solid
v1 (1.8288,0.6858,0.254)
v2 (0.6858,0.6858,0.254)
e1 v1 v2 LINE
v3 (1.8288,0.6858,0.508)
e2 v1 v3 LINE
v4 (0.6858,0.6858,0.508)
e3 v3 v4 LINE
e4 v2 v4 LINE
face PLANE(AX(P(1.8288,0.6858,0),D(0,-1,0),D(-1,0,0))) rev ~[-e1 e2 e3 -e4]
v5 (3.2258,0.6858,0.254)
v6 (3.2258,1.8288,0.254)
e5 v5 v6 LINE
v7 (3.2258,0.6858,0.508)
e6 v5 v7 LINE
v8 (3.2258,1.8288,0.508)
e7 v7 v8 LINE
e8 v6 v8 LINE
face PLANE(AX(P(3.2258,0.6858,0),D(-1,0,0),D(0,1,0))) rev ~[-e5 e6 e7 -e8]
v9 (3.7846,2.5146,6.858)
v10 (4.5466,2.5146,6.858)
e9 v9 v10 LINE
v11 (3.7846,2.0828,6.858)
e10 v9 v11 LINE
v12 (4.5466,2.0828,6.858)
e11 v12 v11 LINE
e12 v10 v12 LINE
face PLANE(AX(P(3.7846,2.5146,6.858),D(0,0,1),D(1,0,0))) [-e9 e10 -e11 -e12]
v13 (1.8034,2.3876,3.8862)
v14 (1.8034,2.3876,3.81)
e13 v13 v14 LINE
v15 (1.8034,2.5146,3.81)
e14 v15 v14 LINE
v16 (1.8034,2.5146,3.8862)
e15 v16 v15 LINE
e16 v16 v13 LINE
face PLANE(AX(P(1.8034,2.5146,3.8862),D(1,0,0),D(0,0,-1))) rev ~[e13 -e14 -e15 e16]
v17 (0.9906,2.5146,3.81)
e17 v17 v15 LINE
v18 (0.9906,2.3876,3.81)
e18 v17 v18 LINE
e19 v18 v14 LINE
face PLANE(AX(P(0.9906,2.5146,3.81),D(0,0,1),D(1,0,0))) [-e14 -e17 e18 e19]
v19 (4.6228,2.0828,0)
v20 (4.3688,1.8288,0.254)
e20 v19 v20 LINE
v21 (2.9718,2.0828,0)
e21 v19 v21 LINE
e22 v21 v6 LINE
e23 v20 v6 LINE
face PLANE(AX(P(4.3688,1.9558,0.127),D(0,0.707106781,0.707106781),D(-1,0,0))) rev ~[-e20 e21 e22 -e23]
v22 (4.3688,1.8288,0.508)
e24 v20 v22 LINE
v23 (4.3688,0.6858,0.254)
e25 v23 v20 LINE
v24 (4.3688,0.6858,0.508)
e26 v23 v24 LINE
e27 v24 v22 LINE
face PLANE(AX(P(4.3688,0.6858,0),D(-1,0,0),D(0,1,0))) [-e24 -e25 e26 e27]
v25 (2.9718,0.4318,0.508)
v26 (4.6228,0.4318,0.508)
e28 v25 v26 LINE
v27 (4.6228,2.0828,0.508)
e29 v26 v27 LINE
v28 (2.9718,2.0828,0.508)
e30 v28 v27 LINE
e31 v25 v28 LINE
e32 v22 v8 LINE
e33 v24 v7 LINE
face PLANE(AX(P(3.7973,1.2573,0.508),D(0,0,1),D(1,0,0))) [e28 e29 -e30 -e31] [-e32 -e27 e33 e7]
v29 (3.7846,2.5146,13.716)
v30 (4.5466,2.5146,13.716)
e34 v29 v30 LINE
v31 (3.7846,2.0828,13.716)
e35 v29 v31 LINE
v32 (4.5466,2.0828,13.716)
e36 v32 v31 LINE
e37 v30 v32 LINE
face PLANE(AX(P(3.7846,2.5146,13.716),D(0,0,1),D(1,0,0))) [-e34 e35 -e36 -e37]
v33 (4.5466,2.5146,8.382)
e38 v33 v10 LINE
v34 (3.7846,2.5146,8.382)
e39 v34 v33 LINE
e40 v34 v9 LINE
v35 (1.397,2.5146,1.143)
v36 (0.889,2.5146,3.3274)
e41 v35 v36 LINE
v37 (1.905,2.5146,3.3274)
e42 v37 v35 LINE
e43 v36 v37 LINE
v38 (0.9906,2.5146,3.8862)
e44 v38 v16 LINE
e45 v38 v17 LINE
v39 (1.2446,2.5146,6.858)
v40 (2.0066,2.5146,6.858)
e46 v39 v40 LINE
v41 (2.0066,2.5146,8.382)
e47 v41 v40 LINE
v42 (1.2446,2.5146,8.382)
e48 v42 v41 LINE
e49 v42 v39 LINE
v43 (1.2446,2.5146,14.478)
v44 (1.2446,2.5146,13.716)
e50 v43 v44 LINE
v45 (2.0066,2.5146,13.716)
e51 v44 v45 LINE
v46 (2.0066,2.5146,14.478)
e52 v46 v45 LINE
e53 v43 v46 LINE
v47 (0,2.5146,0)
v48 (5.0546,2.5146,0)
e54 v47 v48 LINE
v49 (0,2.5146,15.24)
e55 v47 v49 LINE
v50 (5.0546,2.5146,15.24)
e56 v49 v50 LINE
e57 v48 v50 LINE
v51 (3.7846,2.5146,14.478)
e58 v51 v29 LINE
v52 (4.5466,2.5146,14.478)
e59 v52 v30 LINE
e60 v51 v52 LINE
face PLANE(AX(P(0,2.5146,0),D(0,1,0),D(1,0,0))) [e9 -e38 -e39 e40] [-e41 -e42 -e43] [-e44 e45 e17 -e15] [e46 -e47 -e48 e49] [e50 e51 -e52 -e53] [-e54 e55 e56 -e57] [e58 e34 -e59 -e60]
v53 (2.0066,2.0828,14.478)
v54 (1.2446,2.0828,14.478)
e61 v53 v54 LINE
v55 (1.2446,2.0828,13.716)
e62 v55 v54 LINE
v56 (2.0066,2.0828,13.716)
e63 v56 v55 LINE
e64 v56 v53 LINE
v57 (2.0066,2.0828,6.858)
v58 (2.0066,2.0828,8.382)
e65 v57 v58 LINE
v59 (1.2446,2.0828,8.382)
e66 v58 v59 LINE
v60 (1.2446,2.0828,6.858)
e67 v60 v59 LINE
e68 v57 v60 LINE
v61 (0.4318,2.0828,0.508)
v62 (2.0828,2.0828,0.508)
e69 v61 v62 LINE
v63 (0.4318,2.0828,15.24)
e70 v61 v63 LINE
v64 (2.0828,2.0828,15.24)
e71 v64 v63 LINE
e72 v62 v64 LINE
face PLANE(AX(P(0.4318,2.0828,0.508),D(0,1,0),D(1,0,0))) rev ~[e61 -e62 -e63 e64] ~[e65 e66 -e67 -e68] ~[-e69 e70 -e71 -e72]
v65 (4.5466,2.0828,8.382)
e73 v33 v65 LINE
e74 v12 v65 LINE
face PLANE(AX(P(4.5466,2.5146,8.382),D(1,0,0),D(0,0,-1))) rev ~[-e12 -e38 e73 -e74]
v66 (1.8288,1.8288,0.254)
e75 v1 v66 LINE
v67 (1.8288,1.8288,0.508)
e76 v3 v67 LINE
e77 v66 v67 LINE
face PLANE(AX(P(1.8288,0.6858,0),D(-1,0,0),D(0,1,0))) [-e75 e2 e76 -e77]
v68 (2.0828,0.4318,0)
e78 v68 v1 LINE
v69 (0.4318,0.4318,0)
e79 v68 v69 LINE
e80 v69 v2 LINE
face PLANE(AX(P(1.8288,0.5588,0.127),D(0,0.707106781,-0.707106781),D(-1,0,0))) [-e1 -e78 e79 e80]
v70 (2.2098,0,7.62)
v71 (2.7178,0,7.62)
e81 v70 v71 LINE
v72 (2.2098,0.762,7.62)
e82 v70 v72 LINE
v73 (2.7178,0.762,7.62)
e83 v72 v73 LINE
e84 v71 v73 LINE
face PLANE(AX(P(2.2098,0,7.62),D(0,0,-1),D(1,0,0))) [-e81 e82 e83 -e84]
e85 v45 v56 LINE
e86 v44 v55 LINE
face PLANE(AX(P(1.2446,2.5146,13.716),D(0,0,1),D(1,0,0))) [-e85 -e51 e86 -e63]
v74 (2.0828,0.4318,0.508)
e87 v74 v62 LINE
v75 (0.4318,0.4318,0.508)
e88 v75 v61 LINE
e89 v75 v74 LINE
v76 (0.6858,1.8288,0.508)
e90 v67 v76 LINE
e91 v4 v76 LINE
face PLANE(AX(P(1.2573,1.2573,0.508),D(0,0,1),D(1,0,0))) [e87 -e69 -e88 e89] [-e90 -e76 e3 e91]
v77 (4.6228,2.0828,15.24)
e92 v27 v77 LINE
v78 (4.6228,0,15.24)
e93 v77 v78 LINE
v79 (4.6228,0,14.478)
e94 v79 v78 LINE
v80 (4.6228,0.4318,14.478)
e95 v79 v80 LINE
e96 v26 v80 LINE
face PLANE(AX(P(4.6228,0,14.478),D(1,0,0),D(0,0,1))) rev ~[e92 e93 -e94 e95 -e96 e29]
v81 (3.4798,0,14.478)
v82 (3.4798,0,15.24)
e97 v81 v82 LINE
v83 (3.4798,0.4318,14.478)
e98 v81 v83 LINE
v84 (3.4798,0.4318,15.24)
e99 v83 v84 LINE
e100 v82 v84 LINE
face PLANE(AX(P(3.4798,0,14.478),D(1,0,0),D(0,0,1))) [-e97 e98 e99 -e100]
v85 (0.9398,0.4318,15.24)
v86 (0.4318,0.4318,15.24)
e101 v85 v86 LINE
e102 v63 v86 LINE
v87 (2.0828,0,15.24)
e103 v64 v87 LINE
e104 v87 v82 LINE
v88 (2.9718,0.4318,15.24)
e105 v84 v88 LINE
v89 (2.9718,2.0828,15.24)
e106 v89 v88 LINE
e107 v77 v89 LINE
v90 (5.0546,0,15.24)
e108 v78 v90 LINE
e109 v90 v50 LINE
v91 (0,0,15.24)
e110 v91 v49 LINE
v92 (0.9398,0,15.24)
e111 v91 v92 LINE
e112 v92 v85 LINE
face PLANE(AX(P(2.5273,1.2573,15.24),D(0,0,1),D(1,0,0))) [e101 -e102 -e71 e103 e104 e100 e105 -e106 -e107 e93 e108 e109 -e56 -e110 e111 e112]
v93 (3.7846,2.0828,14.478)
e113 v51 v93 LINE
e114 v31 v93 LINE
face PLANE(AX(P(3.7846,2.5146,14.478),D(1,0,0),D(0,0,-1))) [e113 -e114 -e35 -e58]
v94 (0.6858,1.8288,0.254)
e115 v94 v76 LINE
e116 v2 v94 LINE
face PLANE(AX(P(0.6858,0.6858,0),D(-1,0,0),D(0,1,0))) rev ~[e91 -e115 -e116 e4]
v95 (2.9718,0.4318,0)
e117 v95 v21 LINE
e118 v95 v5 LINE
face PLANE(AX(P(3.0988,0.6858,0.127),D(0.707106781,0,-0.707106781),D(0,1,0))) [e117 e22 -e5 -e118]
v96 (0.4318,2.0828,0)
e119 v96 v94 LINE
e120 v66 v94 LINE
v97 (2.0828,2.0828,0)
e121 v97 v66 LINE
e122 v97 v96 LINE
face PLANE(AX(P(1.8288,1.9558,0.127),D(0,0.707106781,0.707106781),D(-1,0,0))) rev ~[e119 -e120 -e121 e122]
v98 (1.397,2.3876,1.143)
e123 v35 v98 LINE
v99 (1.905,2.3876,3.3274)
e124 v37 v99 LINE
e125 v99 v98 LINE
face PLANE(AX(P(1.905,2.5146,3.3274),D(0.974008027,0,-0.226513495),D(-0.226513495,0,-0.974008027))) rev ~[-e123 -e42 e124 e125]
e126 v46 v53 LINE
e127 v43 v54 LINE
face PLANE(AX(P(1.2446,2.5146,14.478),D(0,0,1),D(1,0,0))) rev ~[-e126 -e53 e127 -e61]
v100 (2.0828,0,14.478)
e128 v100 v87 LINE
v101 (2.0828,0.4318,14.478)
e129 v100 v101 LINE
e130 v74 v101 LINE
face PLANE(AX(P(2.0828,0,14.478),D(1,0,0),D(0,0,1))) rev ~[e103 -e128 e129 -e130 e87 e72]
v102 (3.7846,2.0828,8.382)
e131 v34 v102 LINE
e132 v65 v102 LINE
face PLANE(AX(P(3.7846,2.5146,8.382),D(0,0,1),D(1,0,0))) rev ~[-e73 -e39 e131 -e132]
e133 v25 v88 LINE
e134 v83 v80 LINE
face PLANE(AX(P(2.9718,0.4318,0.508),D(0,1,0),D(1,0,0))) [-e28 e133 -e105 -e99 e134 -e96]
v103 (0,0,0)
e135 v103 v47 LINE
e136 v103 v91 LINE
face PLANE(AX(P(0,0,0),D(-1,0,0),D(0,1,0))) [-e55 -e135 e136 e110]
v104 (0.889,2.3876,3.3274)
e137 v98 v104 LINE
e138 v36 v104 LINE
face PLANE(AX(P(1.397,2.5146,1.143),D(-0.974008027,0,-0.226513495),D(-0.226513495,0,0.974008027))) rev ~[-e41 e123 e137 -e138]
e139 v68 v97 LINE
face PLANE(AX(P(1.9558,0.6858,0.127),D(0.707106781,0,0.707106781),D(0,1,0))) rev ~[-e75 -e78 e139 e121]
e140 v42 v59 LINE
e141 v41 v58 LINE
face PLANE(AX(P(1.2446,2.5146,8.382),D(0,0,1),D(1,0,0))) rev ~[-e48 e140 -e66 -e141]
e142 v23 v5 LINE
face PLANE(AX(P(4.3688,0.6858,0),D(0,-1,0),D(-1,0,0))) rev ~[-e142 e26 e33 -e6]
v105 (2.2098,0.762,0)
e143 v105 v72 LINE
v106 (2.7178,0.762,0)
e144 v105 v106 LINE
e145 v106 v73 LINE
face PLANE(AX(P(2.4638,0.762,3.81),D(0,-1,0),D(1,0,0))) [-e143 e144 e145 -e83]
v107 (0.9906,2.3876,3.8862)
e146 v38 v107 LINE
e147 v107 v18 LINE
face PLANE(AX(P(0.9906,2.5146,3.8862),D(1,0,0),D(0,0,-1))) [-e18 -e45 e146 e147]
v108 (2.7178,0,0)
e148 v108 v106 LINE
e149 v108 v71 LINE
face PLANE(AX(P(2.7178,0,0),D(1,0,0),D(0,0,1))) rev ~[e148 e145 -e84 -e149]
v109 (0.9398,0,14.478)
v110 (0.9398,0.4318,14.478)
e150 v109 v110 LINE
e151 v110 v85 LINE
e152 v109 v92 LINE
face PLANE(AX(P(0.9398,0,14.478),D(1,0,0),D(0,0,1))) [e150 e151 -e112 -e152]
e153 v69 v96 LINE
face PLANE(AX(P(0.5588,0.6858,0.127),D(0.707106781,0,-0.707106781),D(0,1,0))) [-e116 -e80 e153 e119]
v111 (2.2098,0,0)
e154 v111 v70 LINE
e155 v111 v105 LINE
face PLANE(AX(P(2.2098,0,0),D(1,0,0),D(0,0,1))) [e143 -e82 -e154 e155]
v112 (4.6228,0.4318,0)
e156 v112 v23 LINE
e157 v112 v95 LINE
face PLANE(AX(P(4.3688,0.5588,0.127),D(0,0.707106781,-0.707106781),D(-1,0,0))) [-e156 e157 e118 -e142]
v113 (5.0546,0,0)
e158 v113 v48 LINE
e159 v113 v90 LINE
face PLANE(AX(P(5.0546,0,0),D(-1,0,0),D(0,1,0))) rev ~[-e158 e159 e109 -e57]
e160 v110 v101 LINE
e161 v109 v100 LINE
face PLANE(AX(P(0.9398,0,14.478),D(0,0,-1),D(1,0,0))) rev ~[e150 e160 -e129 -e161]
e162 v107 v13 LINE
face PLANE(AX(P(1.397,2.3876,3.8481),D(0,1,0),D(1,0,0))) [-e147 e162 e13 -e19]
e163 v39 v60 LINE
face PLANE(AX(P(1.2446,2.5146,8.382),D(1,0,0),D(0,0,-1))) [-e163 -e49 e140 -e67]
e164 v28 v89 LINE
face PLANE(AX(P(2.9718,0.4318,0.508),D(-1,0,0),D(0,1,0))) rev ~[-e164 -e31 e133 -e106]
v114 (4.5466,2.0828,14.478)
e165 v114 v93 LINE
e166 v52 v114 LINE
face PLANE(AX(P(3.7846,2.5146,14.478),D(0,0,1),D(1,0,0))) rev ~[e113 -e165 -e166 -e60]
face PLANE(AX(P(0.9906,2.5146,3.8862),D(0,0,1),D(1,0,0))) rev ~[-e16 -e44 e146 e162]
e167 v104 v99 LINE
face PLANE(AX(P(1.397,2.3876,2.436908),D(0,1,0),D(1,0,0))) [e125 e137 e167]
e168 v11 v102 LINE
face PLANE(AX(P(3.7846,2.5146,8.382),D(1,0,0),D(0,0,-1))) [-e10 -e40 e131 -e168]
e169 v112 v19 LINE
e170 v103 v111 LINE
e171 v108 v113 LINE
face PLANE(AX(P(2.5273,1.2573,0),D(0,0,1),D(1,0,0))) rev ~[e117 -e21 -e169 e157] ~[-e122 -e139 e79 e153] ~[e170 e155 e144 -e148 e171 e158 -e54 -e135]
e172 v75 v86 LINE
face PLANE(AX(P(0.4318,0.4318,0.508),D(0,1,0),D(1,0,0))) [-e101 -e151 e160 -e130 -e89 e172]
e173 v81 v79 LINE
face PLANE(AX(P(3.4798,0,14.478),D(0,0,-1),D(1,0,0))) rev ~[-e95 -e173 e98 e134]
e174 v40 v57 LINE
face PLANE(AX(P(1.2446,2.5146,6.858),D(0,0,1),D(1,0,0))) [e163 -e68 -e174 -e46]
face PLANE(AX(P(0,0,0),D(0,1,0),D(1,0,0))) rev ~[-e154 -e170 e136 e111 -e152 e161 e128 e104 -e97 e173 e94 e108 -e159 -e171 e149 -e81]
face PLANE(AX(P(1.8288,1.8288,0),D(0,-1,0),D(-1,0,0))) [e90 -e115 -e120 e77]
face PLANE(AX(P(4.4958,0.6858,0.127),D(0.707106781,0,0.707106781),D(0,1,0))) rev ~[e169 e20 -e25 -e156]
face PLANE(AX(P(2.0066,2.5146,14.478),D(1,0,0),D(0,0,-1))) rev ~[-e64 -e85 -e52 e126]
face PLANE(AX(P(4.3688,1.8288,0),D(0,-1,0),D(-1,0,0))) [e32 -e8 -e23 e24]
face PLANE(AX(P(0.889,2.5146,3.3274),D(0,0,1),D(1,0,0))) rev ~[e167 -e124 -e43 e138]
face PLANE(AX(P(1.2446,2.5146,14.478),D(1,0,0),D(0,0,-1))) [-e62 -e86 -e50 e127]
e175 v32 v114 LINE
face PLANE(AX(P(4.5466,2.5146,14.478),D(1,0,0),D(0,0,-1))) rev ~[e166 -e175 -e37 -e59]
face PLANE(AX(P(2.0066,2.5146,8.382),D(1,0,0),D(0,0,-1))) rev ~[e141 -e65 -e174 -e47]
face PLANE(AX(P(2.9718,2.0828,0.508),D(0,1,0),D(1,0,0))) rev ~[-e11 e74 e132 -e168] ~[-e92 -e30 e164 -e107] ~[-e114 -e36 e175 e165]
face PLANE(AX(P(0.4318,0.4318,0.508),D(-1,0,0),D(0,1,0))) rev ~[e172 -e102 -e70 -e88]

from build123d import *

# Parameters (mm, degrees)
SKETCH1_W           = 5.0546
SKETCH1_H           = 2.5146
BOSS_EXTRUDE1_DEPTH = 15.24
SKETCH2_W           = 1.143
SKETCH2_H           = 1.143
CUT_EXTRUDE1_DEPTH  = 16.24
CHAMFER1_SIZE       = 0.254
SKETCH3_W           = 0.762
SKETCH3_H           = 0.762
SKETCH3_H_2         = 1.524
CUT_EXTRUDE2_DEPTH  = 1.27
SKETCH4_W           = 1.651
SKETCH4_H           = 1.651
CUT_EXTRUDE3_DEPTH  = 15.732
SKETCH6_W           = 1.143
SKETCH6_H           = 0.762
CUT_EXTRUDE5_DEPTH  = 0.4318
SKETCH7_W           = 0.508
SKETCH7_H           = 7.62
CUT_EXTRUDE6_DEPTH  = 0.762
SKETCH8_W           = 0.8128
SKETCH8_H           = 0.0762
CUT_EXTRUDE7_DEPTH  = 0.127


with BuildPart() as part:
    # Sketch1 → Boss-Extrude1 (new body)
    with BuildSketch(Plane.XY):
        with Locations((2.5273, 1.2573)):
            Rectangle(SKETCH1_W, SKETCH1_H)
    extrude(amount=BOSS_EXTRUDE1_DEPTH)

    # Sketch2 → Cut-Extrude1 (cut, through all)
    with BuildSketch(Plane(origin=(0, 0, 0), x_dir=(-1, 0, 0), z_dir=(0, 0, -1))):
        with Locations((-3.7973, 1.2573)):
            Rectangle(SKETCH2_W, SKETCH2_H)
        with Locations((-1.2573, 1.2573)):
            Rectangle(SKETCH2_W, SKETCH2_H)
    extrude(amount=-CUT_EXTRUDE1_DEPTH, mode=Mode.SUBTRACT)

    # Chamfer1
    chamfer1_edges = [part.edges().sort_by_distance(p)[0] for p in [
        (4.3688, 1.2573, 0),
        (3.7973, 0.6858, 0),
        (3.2258, 1.2573, 0),
        (3.7973, 1.8288, 0),
        (1.8288, 1.2573, 0),
        (1.2573, 0.6858, 0),
        (0.6858, 1.2573, 0),
        (1.2573, 1.8288, 0),
    ]]
    chamfer(chamfer1_edges, length=CHAMFER1_SIZE)

    # Sketch3 → Cut-Extrude2 (cut)
    with BuildSketch(Plane(origin=(0, 2.5146, 0), x_dir=(1, 0, 0), z_dir=(0, 1, 0))):
        with Locations((4.1656, -14.097)):
            Rectangle(SKETCH3_W, SKETCH3_H)
        with Locations((1.6256, -14.097)):
            Rectangle(SKETCH3_W, SKETCH3_H)
        with Locations((4.1656, -7.62)):
            Rectangle(SKETCH3_W, SKETCH3_H_2)
        with Locations((1.6256, -7.62)):
            Rectangle(SKETCH3_W, SKETCH3_H_2)
    extrude(amount=-CUT_EXTRUDE2_DEPTH, mode=Mode.SUBTRACT)

    # Sketch4 → Cut-Extrude3 (cut, through all)
    with BuildSketch(Plane.XY.offset(0.508)):
        with Locations((1.2573, 1.2573)):
            Rectangle(SKETCH4_W, SKETCH4_H)
        with Locations((3.7973, 1.2573)):
            Rectangle(SKETCH4_W, SKETCH4_H)
    extrude(amount=CUT_EXTRUDE3_DEPTH, mode=Mode.SUBTRACT)

    # Sketch6 → Cut-Extrude5 (cut)
    with BuildSketch(Plane.XZ):
        with Locations((1.5113, 14.859)):
            Rectangle(SKETCH6_W, SKETCH6_H)
        with Locations((4.0513, 14.859)):
            Rectangle(SKETCH6_W, SKETCH6_H)
    extrude(amount=-CUT_EXTRUDE5_DEPTH, mode=Mode.SUBTRACT)

    # Sketch7 → Cut-Extrude6 (cut)
    with BuildSketch(Plane.XZ):
        with Locations((2.4638, 3.81)):
            Rectangle(SKETCH7_W, SKETCH7_H)
    extrude(amount=-CUT_EXTRUDE6_DEPTH, mode=Mode.SUBTRACT)

    # Sketch8 → Cut-Extrude7 (cut)
    with BuildSketch(Plane(origin=(0, 2.5146, 0), x_dir=(1, 0, 0), z_dir=(0, 1, 0))):
        Polygon((1.397, -1.143), (0.889, -3.3274), (1.905, -3.3274), align=None)
        with Locations((1.397, -3.8481)):
            Rectangle(SKETCH8_W, SKETCH8_H)
    extrude(amount=-CUT_EXTRUDE7_DEPTH, mode=Mode.SUBTRACT)


solid = part.part
